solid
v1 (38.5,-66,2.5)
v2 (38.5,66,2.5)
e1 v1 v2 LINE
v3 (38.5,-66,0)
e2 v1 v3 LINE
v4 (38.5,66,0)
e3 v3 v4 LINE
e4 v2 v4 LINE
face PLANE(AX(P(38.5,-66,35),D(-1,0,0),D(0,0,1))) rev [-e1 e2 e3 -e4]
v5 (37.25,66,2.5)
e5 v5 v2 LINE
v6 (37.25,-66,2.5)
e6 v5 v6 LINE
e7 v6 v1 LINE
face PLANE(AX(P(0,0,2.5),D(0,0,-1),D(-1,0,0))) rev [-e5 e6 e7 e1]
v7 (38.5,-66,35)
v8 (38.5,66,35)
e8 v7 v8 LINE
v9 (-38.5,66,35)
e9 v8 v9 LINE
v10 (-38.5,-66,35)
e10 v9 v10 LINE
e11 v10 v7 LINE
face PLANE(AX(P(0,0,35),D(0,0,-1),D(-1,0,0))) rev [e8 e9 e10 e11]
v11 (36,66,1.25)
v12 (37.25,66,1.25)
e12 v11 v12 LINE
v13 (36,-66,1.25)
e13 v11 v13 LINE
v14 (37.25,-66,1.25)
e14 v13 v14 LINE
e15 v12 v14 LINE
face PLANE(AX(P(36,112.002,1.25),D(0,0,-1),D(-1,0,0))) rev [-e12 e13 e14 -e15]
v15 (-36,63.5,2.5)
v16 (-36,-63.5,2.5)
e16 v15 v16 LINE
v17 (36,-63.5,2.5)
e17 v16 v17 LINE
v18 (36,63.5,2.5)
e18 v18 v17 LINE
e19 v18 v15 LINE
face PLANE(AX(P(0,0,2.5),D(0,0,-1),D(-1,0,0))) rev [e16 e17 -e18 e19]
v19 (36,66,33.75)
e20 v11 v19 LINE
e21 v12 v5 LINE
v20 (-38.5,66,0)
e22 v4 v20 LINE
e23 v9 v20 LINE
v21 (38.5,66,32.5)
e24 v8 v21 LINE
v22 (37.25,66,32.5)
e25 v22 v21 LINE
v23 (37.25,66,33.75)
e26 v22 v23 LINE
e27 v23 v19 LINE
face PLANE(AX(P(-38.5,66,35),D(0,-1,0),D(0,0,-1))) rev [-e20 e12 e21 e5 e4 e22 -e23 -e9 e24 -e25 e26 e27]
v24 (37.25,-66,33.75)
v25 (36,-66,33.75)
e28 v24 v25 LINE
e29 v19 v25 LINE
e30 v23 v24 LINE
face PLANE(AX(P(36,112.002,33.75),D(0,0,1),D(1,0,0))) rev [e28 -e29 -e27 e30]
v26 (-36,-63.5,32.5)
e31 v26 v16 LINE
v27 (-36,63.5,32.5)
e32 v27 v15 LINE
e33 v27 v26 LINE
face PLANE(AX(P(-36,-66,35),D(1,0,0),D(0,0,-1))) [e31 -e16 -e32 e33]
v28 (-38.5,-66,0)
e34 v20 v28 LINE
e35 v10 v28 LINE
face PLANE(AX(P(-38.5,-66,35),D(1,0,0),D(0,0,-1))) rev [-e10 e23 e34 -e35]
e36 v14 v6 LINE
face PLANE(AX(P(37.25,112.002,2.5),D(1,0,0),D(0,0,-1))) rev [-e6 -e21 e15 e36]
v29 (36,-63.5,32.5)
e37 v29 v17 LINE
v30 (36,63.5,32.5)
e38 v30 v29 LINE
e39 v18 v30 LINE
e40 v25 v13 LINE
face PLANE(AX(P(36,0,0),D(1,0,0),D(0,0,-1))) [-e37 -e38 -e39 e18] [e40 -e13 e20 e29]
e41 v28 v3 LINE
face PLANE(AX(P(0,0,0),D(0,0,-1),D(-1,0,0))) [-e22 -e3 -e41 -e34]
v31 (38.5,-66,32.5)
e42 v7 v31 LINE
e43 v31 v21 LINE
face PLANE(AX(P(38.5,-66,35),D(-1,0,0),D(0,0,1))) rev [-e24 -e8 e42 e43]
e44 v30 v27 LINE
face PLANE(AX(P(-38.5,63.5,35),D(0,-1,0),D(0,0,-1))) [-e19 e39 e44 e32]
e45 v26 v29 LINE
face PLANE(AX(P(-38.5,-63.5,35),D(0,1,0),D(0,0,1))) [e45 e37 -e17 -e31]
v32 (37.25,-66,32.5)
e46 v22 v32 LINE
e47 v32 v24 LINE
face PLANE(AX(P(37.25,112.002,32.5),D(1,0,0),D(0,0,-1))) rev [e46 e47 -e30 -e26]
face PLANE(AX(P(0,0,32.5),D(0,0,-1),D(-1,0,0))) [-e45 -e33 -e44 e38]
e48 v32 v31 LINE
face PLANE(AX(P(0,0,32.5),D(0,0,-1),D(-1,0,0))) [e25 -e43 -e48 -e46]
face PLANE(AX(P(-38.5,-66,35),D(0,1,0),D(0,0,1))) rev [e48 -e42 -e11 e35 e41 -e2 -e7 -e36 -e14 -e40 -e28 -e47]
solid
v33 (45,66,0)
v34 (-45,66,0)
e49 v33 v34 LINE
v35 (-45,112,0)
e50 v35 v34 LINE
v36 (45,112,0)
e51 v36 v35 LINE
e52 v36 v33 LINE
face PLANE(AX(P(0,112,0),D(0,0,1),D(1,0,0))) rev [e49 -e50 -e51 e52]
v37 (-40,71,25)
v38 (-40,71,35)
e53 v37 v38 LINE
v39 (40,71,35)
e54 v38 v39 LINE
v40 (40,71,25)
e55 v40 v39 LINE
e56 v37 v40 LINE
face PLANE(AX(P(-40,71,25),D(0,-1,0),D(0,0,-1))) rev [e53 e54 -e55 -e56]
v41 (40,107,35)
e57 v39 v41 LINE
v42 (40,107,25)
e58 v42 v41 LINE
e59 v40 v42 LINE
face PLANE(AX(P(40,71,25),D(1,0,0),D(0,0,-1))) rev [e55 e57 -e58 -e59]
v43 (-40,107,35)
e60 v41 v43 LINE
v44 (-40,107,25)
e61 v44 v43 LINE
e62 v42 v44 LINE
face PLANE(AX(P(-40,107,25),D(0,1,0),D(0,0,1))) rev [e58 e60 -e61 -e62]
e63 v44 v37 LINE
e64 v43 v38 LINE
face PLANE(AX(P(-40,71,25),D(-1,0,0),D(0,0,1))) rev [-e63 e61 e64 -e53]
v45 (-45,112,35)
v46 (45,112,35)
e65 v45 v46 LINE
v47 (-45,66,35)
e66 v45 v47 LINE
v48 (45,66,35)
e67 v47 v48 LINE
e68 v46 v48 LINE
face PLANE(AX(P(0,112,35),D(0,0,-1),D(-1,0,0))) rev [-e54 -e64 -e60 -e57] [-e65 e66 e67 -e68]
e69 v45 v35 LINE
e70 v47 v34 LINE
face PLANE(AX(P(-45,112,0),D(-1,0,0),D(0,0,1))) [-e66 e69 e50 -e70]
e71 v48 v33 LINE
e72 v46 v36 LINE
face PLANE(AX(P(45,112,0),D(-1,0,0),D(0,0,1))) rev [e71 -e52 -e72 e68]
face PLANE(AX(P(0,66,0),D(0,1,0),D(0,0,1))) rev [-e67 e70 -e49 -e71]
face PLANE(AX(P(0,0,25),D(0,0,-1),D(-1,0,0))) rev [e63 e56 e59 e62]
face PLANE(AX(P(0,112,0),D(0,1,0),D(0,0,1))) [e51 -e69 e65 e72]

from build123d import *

# Parameters (mm, degrees)
SKETCH1_W           = 77
SKETCH1_H           = 132
BOSS_EXTRUDE1_DEPTH = 35
SKETCH2_W           = 77
SKETCH2_H           = 35
SKETCH2_W_2         = 6.5
BOSS_EXTRUDE3_DEPTH = 46
SHELL4_T            = -2.5
SKETCH3_W           = 80
SKETCH3_H           = 36
CUT_EXTRUDE1_DEPTH  = 10
SKETCH4_W           = 30
SKETCH4_H           = 132
CUT_EXTRUDE2_DEPTH  = 2.5
CUT_EXTRUDE3_START  = -178
SKETCH5_W           = 1.25
SKETCH5_H           = 1.25
CUT_EXTRUDE3_DEPTH  = 178


with BuildPart() as part:
    # Sketch1 → Boss-Extrude1 (new body)
    with BuildSketch(Plane.XY):
        Rectangle(SKETCH1_W, SKETCH1_H)
    extrude(amount=BOSS_EXTRUDE1_DEPTH)

    # Shell4
    shell4_openings = [part.faces().sort_by_distance(p)[0] for p in [
        (38.5, 0, 17.5),
    ]]
    offset(amount=SHELL4_T, openings=shell4_openings, kind=Kind.INTERSECTION)

    # Sketch4 → Cut-Extrude2 (cut)
    with BuildSketch(Plane(origin=(38.5, 0, 0), x_dir=(0, 0, -1), z_dir=(1, 0, 0))):
        with Locations((-17.5, 0)):
            Rectangle(SKETCH4_W, SKETCH4_H)
    extrude(amount=-CUT_EXTRUDE2_DEPTH, mode=Mode.SUBTRACT)

    # Sketch5 → Cut-Extrude3 (cut)
    with BuildSketch(Plane.XZ.offset(66).offset(CUT_EXTRUDE3_START)):
        with Locations((36.625, 33.125)):
            Rectangle(SKETCH5_W, SKETCH5_H)
        with Locations((36.625, 1.875)):
            Rectangle(SKETCH5_W, SKETCH5_H)
    extrude(amount=CUT_EXTRUDE3_DEPTH, mode=Mode.SUBTRACT)


with BuildPart() as body_2:
    # Sketch2 → Boss-Extrude3 (new body)
    with BuildSketch(Plane(origin=(0, 66, 0), x_dir=(1, 0, 0), z_dir=(0, 1, 0))):
        with Locations((0, -17.5)):
            Rectangle(SKETCH2_W, SKETCH2_H)
        with Locations((-41.75, -17.5)):
            Rectangle(SKETCH2_W_2, SKETCH2_H)
        with Locations((41.75, -17.5)):
            Rectangle(SKETCH2_W_2, SKETCH2_H)
    extrude(amount=BOSS_EXTRUDE3_DEPTH)

    # Sketch3 → Cut-Extrude1 (cut)
    with BuildSketch(Plane.XY.offset(35)):
        with Locations((0, 89)):
            Rectangle(SKETCH3_W, SKETCH3_H)
    extrude(amount=-CUT_EXTRUDE1_DEPTH, mode=Mode.SUBTRACT)


solid = Compound([part.part, body_2.part])
